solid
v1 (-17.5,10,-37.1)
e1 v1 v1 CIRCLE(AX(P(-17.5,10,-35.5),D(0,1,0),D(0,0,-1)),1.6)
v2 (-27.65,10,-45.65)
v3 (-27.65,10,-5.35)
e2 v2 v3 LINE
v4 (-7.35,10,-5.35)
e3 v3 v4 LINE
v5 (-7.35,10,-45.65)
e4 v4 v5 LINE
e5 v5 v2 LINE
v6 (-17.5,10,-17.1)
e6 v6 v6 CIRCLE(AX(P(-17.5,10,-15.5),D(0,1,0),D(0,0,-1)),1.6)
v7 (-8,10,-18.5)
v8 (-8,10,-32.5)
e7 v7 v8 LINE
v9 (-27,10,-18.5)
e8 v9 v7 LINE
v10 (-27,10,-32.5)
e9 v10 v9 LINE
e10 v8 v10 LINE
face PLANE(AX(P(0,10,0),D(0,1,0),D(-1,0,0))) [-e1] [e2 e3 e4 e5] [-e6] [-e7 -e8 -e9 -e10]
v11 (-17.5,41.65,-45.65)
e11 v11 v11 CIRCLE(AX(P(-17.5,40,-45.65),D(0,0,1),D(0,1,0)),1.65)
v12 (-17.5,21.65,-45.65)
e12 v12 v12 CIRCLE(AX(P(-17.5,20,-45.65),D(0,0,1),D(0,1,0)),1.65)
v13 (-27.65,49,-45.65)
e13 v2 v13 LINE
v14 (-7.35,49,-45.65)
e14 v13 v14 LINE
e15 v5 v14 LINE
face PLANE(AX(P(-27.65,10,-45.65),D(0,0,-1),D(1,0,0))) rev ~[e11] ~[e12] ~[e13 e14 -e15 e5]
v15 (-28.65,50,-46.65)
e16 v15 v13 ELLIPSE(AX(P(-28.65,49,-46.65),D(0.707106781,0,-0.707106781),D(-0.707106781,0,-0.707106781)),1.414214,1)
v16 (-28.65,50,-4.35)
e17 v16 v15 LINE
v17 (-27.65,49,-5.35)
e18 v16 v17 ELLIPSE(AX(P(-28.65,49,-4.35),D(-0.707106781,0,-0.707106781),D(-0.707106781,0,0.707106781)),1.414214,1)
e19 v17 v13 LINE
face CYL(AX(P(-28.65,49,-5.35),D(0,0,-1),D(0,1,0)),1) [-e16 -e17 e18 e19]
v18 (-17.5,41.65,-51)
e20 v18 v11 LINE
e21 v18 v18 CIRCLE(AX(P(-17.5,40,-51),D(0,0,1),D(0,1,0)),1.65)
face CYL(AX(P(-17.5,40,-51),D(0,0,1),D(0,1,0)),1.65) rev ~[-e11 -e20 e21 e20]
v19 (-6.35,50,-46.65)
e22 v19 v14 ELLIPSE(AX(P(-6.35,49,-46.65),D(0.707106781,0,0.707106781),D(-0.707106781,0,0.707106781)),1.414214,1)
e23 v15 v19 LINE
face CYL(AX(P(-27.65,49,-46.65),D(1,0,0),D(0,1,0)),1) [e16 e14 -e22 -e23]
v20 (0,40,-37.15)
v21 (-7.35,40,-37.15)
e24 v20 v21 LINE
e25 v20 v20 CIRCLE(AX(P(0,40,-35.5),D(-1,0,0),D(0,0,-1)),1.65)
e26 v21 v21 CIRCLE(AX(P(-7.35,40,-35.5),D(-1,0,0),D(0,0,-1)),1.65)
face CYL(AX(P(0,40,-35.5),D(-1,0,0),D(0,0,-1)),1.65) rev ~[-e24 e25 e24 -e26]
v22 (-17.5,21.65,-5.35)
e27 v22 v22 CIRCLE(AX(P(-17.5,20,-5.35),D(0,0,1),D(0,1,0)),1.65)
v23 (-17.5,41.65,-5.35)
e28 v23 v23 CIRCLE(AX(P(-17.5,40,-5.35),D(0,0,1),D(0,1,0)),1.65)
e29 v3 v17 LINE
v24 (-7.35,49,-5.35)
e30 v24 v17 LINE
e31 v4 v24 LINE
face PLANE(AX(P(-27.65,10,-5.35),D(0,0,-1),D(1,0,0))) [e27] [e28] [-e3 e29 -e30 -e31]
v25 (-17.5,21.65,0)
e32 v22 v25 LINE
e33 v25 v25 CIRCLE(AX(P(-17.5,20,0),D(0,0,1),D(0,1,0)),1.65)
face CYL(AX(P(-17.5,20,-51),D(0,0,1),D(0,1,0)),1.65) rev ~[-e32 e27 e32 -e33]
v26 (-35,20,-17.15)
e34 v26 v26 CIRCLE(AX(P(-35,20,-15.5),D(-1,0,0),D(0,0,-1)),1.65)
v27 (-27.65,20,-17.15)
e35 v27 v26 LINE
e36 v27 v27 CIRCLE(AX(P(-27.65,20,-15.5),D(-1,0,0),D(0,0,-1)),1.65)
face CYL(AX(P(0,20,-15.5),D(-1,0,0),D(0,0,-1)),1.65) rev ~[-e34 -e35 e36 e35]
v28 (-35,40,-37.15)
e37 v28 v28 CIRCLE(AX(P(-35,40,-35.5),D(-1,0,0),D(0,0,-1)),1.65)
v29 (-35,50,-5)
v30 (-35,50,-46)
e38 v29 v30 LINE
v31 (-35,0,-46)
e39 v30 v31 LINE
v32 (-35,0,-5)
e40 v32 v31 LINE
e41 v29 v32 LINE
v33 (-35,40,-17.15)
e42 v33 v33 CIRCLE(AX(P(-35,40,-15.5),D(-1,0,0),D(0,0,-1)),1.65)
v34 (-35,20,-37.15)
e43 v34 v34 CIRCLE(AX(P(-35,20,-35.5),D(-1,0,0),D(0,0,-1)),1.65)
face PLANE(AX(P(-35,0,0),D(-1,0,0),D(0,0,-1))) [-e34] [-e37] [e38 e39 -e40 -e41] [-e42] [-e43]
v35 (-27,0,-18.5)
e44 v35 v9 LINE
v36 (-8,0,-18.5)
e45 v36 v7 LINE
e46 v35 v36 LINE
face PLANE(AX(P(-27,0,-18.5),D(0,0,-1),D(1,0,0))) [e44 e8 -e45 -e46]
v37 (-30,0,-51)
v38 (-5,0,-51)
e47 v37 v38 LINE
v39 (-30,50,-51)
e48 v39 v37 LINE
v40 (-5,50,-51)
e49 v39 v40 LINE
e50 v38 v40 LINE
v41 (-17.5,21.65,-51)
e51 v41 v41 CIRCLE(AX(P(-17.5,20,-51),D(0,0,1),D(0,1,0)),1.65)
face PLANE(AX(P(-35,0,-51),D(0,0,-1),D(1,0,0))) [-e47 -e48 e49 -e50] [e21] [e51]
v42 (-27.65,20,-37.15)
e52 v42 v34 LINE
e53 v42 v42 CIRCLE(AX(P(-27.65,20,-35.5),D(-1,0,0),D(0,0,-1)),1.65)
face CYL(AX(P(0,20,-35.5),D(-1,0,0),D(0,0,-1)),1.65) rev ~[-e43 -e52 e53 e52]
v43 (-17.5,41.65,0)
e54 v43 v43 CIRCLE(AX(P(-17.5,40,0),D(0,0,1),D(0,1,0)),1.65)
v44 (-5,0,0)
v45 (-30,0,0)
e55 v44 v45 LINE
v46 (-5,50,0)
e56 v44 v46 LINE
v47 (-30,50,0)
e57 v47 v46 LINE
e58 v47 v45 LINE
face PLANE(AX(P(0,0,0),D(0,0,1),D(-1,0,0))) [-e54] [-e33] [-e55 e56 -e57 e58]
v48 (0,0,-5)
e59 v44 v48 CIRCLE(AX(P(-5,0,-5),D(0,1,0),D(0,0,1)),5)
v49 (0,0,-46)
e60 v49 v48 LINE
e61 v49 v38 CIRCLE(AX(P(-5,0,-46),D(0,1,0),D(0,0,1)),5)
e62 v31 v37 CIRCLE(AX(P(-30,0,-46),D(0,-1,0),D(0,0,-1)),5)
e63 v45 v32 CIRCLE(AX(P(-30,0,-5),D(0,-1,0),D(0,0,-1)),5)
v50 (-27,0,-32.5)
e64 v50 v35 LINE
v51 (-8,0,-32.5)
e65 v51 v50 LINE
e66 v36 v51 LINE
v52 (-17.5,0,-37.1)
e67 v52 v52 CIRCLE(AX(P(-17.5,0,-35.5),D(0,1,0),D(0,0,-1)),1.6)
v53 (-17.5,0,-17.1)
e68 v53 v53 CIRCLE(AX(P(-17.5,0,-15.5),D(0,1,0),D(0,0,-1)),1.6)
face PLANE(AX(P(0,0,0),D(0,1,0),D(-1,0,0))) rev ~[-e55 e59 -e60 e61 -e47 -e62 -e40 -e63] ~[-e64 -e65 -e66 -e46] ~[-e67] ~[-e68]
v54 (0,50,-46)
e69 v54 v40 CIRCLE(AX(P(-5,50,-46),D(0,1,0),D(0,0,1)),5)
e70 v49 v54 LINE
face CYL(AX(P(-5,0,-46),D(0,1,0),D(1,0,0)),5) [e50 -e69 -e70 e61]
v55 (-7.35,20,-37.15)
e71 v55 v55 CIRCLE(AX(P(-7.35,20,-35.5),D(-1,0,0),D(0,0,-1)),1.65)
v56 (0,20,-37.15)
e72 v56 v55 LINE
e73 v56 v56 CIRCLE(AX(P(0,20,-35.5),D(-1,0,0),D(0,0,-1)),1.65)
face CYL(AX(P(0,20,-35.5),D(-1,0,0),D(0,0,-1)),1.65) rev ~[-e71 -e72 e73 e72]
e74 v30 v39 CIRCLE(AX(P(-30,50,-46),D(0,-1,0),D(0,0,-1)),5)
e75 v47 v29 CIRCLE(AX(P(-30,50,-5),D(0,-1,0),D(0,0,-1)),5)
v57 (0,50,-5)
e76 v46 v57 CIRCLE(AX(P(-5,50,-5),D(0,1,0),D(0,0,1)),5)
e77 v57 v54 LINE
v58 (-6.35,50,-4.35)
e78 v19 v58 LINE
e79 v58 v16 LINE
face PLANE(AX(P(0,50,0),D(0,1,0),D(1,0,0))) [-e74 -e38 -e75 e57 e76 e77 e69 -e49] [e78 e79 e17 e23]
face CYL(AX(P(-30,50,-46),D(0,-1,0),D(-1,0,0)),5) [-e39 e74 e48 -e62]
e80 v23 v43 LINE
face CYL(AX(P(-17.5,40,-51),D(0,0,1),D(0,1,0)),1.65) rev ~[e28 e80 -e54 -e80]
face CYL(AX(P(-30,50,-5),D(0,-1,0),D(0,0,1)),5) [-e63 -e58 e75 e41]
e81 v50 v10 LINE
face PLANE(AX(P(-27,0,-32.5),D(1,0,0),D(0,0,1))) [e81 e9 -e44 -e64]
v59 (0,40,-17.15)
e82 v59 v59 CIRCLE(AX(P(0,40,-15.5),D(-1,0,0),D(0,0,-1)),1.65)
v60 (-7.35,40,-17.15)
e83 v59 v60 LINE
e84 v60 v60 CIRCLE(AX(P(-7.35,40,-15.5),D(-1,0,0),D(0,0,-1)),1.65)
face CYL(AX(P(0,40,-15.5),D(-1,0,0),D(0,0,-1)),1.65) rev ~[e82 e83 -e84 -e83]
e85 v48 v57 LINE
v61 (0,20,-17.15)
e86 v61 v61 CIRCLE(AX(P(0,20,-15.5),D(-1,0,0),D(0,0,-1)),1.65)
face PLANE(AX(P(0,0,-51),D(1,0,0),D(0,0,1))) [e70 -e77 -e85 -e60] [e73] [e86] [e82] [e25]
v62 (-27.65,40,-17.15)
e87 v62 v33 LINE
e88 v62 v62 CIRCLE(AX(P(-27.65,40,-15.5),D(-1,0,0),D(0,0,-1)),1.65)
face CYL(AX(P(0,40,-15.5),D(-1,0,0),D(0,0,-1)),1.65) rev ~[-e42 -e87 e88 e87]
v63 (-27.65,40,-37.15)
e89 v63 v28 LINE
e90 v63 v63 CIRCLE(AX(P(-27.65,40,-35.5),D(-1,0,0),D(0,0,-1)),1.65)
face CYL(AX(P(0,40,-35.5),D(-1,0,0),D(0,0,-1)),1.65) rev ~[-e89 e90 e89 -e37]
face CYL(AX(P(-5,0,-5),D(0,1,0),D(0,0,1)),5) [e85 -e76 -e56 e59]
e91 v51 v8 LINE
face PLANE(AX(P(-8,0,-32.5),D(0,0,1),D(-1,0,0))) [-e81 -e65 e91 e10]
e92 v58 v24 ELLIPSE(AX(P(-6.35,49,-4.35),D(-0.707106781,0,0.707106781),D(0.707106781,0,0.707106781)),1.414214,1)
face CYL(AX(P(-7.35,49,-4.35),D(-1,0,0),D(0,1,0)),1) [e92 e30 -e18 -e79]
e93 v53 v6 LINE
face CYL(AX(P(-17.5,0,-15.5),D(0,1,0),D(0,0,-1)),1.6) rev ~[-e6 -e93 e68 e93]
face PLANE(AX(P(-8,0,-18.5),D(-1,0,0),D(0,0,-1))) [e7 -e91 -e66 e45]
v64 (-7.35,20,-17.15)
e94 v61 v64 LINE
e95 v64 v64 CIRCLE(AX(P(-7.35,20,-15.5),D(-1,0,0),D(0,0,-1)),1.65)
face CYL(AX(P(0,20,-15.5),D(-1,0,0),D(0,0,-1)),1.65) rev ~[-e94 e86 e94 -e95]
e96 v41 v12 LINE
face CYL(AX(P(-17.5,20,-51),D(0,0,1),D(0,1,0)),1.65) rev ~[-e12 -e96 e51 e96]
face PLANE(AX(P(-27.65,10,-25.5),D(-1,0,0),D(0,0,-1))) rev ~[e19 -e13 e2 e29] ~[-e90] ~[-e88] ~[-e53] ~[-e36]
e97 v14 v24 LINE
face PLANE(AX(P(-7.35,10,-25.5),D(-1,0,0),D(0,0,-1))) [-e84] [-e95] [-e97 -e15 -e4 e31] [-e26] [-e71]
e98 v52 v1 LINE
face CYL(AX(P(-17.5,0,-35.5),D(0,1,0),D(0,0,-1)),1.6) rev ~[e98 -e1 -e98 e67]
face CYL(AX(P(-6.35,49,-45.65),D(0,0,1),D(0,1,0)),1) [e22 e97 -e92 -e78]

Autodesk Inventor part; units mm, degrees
ref_plane "YZ Plane" through (0, 0, 0) normal (1, 0, 0) x (0, 1, 0)
ref_plane "XZ Plane" through (0, 0, 0) normal (0, 1, 0) x (-1, 0, 0)
ref_plane "XY Plane" through (0, 0, 0) normal (0, 0, 1) x (1, 0, 0)
sketch "スケッチ1" plane through (0, 0, 0) normal (0, 1, 0) x (-1, 0, 0)
  line L0 (0, 0) -> (35, 0)
  line L1 (35, 0) -> (35, -51)
  line L2 (35, -51) -> (0, -51)
  line L3 (0, -51) -> (0, 0)
  dimension "d0" = 35
  dimension "d1" = 51
extrude "押し出し1" add sketch "スケッチ1" along normal blind 10
sketch "スケッチ2" plane through (0, 10, 0) normal (0, 1, 0) x (1, 0, 0)
  line L0 (-35, 51) -> (-35, 0) projected
  line L1 (-35, 0) -> (0, 0) projected
  line L2 (-17.5, 0) -> (-17.5, 51)
  line L3 (0, 51) -> (-35, 51) projected
  line L4 (-35, 25.5) -> (0, 25.5)
  line L5 (0, 0) -> (0, 51) projected
  line L6 (-17.5, 25.5) -> (-27.65, 25.5)
  line L7 (-27.65, 25.5) -> (-27.65, 45.65)
  line L8 (-27.65, 45.65) -> (-17.5, 45.65)
  line L9 (-17.5, 45.65) -> (-17.5, 25.5)
  line L10 (-27.65, 25.5) -> (-27.65, 5.35)
  line L11 (-27.65, 5.35) -> (-17.5, 5.35)
  line L12 (-7.35, 25.5) -> (-7.35, 45.65)
  line L13 (-7.35, 45.65) -> (-17.5, 45.65)
  line L14 (-7.35, 25.5) -> (-7.35, 5.35)
  line L15 (-7.35, 5.35) -> (-17.5, 5.35)
  dimension "d7" = 20.15
  dimension "d8" = 10.15
extrude "押し出し2" add sketch "スケッチ2" along normal blind 40 contours L3 L2 L8 L7 L4 L0 | L4 L10 L11 L2 L1 L0 | L3 L5 L4 L12 L13 L2 | L2 L15 L14 L4 L5 L1
fillet "フィレット1" radius 5 4 edges at (0, 25, 0) (0, 25, -51) (-35, 25, -51) (-35, 25, 0)
sketch "スケッチ3" plane through (0, 0, -5) normal (1, 0, 0) x (0, 0, -1)
  line L0 (40.65, 50) -> (0.35, 50) projected
  line L1 (20.5, 50) -> (20.5, 0)
  line L2 (0, 0) -> (41, 0) projected
  line L3 (10.5, 50) -> (10.5, 0)
  line L4 (0, 50) -> (0, 0) projected
  line L5 (0, 10) -> (62, 10)
  line L6 (0.35, 10) -> (40.65, 10) projected
  point P0 (-5, 0)
  point P1 (10.5, 20)
  point P2 (10.5, 40)
  point P3 (30.5, 20)
  point P4 (30.5, 40)
  dimension "d12" = 10
  dimension "d13" = 10
  dimension "d14" = 10
  dimension "d15" = 20
hole "穴1" at (0, 20, -15.5) at (0, 40, -15.5) at (0, 40, -35.5) at (0, 20, -35.5) direction (-1, 0, 0) diameter 3.3 end through all
sketch "スケッチ4" plane through (-5, 0, -51) normal (0, 0, -1) x (-1, 0, 0)
  line L0 (0, 50) -> (0, 0) projected
  line L1 (0, 10) -> (25, 10)
  line L2 (25, 0) -> (25, 50) projected
  line L3 (0, 0) -> (25, 0) projected
  line L4 (2.35, 50) -> (22.65, 50) projected
  line L5 (12.5, 50) -> (12.5, 10)
  point P0 (-5, 0)
  point P1 (12.5, 20)
  point P2 (12.5, 40)
  dimension "d23" = 10
  dimension "d24" = 10
  dimension "d25" = 20
hole "穴2" at (-17.5, 20, -51) at (-17.5, 40, -51) direction (0, 0, 1) diameter 3.3 end through all
sketch "スケッチ5" plane through (0, 0, 0) normal (0, -1, 0) x (1, 0, 0)
  line L0 (-30, 0) -> (-5, 0) projected
  line L1 (-17.5, 0) -> (-17.5, -51)
  line L2 (-15.85, -51) -> (-19.15, -51) projected
  line L3 (0, -5) -> (0, -46) projected
  line L4 (0, -25.5) -> (-35, -25.5)
  line L5 (-35, -46) -> (-35, -5) projected
  point P0 (0, 0)
  point P1 (-17.5, -15.5)
  point P2 (-17.5, -35.5)
  dimension "d33" = 10
hole "穴3" at (-17.5, 0, -15.5) at (-17.5, 0, -35.5) direction (0, 1, 0) diameter 3.2 end through all
fillet "フィレット2" radius 1 4 edges at (-7.35, 50, -25.5) (-17.5, 50, -5.35) (-27.65, 50, -25.5) (-17.5, 50, -45.65)
sketch "スケッチ6" plane through (0, 0, 0) normal (0, -1, 0) x (1, 0, 0)
  line L0 (-27, -18.5) -> (-8, -18.5)
  line L1 (-8, -18.5) -> (-8, -32.5)
  line L2 (-8, -32.5) -> (-27, -32.5)
  line L3 (-27, -32.5) -> (-27, -18.5)
  circle A0 centre (-17.5, -15.5) radius 1.6 projected
  circle A1 centre (-17.5, -35.5) radius 1.6 projected
  line L4 (0, -5) -> (0, -46) projected
  line L5 (-35, -46) -> (-35, -5) projected
  point P0 (0, 0)
  dimension "d42" = 3
  dimension "d43" = 3
  dimension "d44" = 8
  dimension "d45" = 8
extrude "押し出し3" cut sketch "スケッチ6" against normal blind 10 contours L0 L1 L2 L3
properties part number "framefixpart2"
